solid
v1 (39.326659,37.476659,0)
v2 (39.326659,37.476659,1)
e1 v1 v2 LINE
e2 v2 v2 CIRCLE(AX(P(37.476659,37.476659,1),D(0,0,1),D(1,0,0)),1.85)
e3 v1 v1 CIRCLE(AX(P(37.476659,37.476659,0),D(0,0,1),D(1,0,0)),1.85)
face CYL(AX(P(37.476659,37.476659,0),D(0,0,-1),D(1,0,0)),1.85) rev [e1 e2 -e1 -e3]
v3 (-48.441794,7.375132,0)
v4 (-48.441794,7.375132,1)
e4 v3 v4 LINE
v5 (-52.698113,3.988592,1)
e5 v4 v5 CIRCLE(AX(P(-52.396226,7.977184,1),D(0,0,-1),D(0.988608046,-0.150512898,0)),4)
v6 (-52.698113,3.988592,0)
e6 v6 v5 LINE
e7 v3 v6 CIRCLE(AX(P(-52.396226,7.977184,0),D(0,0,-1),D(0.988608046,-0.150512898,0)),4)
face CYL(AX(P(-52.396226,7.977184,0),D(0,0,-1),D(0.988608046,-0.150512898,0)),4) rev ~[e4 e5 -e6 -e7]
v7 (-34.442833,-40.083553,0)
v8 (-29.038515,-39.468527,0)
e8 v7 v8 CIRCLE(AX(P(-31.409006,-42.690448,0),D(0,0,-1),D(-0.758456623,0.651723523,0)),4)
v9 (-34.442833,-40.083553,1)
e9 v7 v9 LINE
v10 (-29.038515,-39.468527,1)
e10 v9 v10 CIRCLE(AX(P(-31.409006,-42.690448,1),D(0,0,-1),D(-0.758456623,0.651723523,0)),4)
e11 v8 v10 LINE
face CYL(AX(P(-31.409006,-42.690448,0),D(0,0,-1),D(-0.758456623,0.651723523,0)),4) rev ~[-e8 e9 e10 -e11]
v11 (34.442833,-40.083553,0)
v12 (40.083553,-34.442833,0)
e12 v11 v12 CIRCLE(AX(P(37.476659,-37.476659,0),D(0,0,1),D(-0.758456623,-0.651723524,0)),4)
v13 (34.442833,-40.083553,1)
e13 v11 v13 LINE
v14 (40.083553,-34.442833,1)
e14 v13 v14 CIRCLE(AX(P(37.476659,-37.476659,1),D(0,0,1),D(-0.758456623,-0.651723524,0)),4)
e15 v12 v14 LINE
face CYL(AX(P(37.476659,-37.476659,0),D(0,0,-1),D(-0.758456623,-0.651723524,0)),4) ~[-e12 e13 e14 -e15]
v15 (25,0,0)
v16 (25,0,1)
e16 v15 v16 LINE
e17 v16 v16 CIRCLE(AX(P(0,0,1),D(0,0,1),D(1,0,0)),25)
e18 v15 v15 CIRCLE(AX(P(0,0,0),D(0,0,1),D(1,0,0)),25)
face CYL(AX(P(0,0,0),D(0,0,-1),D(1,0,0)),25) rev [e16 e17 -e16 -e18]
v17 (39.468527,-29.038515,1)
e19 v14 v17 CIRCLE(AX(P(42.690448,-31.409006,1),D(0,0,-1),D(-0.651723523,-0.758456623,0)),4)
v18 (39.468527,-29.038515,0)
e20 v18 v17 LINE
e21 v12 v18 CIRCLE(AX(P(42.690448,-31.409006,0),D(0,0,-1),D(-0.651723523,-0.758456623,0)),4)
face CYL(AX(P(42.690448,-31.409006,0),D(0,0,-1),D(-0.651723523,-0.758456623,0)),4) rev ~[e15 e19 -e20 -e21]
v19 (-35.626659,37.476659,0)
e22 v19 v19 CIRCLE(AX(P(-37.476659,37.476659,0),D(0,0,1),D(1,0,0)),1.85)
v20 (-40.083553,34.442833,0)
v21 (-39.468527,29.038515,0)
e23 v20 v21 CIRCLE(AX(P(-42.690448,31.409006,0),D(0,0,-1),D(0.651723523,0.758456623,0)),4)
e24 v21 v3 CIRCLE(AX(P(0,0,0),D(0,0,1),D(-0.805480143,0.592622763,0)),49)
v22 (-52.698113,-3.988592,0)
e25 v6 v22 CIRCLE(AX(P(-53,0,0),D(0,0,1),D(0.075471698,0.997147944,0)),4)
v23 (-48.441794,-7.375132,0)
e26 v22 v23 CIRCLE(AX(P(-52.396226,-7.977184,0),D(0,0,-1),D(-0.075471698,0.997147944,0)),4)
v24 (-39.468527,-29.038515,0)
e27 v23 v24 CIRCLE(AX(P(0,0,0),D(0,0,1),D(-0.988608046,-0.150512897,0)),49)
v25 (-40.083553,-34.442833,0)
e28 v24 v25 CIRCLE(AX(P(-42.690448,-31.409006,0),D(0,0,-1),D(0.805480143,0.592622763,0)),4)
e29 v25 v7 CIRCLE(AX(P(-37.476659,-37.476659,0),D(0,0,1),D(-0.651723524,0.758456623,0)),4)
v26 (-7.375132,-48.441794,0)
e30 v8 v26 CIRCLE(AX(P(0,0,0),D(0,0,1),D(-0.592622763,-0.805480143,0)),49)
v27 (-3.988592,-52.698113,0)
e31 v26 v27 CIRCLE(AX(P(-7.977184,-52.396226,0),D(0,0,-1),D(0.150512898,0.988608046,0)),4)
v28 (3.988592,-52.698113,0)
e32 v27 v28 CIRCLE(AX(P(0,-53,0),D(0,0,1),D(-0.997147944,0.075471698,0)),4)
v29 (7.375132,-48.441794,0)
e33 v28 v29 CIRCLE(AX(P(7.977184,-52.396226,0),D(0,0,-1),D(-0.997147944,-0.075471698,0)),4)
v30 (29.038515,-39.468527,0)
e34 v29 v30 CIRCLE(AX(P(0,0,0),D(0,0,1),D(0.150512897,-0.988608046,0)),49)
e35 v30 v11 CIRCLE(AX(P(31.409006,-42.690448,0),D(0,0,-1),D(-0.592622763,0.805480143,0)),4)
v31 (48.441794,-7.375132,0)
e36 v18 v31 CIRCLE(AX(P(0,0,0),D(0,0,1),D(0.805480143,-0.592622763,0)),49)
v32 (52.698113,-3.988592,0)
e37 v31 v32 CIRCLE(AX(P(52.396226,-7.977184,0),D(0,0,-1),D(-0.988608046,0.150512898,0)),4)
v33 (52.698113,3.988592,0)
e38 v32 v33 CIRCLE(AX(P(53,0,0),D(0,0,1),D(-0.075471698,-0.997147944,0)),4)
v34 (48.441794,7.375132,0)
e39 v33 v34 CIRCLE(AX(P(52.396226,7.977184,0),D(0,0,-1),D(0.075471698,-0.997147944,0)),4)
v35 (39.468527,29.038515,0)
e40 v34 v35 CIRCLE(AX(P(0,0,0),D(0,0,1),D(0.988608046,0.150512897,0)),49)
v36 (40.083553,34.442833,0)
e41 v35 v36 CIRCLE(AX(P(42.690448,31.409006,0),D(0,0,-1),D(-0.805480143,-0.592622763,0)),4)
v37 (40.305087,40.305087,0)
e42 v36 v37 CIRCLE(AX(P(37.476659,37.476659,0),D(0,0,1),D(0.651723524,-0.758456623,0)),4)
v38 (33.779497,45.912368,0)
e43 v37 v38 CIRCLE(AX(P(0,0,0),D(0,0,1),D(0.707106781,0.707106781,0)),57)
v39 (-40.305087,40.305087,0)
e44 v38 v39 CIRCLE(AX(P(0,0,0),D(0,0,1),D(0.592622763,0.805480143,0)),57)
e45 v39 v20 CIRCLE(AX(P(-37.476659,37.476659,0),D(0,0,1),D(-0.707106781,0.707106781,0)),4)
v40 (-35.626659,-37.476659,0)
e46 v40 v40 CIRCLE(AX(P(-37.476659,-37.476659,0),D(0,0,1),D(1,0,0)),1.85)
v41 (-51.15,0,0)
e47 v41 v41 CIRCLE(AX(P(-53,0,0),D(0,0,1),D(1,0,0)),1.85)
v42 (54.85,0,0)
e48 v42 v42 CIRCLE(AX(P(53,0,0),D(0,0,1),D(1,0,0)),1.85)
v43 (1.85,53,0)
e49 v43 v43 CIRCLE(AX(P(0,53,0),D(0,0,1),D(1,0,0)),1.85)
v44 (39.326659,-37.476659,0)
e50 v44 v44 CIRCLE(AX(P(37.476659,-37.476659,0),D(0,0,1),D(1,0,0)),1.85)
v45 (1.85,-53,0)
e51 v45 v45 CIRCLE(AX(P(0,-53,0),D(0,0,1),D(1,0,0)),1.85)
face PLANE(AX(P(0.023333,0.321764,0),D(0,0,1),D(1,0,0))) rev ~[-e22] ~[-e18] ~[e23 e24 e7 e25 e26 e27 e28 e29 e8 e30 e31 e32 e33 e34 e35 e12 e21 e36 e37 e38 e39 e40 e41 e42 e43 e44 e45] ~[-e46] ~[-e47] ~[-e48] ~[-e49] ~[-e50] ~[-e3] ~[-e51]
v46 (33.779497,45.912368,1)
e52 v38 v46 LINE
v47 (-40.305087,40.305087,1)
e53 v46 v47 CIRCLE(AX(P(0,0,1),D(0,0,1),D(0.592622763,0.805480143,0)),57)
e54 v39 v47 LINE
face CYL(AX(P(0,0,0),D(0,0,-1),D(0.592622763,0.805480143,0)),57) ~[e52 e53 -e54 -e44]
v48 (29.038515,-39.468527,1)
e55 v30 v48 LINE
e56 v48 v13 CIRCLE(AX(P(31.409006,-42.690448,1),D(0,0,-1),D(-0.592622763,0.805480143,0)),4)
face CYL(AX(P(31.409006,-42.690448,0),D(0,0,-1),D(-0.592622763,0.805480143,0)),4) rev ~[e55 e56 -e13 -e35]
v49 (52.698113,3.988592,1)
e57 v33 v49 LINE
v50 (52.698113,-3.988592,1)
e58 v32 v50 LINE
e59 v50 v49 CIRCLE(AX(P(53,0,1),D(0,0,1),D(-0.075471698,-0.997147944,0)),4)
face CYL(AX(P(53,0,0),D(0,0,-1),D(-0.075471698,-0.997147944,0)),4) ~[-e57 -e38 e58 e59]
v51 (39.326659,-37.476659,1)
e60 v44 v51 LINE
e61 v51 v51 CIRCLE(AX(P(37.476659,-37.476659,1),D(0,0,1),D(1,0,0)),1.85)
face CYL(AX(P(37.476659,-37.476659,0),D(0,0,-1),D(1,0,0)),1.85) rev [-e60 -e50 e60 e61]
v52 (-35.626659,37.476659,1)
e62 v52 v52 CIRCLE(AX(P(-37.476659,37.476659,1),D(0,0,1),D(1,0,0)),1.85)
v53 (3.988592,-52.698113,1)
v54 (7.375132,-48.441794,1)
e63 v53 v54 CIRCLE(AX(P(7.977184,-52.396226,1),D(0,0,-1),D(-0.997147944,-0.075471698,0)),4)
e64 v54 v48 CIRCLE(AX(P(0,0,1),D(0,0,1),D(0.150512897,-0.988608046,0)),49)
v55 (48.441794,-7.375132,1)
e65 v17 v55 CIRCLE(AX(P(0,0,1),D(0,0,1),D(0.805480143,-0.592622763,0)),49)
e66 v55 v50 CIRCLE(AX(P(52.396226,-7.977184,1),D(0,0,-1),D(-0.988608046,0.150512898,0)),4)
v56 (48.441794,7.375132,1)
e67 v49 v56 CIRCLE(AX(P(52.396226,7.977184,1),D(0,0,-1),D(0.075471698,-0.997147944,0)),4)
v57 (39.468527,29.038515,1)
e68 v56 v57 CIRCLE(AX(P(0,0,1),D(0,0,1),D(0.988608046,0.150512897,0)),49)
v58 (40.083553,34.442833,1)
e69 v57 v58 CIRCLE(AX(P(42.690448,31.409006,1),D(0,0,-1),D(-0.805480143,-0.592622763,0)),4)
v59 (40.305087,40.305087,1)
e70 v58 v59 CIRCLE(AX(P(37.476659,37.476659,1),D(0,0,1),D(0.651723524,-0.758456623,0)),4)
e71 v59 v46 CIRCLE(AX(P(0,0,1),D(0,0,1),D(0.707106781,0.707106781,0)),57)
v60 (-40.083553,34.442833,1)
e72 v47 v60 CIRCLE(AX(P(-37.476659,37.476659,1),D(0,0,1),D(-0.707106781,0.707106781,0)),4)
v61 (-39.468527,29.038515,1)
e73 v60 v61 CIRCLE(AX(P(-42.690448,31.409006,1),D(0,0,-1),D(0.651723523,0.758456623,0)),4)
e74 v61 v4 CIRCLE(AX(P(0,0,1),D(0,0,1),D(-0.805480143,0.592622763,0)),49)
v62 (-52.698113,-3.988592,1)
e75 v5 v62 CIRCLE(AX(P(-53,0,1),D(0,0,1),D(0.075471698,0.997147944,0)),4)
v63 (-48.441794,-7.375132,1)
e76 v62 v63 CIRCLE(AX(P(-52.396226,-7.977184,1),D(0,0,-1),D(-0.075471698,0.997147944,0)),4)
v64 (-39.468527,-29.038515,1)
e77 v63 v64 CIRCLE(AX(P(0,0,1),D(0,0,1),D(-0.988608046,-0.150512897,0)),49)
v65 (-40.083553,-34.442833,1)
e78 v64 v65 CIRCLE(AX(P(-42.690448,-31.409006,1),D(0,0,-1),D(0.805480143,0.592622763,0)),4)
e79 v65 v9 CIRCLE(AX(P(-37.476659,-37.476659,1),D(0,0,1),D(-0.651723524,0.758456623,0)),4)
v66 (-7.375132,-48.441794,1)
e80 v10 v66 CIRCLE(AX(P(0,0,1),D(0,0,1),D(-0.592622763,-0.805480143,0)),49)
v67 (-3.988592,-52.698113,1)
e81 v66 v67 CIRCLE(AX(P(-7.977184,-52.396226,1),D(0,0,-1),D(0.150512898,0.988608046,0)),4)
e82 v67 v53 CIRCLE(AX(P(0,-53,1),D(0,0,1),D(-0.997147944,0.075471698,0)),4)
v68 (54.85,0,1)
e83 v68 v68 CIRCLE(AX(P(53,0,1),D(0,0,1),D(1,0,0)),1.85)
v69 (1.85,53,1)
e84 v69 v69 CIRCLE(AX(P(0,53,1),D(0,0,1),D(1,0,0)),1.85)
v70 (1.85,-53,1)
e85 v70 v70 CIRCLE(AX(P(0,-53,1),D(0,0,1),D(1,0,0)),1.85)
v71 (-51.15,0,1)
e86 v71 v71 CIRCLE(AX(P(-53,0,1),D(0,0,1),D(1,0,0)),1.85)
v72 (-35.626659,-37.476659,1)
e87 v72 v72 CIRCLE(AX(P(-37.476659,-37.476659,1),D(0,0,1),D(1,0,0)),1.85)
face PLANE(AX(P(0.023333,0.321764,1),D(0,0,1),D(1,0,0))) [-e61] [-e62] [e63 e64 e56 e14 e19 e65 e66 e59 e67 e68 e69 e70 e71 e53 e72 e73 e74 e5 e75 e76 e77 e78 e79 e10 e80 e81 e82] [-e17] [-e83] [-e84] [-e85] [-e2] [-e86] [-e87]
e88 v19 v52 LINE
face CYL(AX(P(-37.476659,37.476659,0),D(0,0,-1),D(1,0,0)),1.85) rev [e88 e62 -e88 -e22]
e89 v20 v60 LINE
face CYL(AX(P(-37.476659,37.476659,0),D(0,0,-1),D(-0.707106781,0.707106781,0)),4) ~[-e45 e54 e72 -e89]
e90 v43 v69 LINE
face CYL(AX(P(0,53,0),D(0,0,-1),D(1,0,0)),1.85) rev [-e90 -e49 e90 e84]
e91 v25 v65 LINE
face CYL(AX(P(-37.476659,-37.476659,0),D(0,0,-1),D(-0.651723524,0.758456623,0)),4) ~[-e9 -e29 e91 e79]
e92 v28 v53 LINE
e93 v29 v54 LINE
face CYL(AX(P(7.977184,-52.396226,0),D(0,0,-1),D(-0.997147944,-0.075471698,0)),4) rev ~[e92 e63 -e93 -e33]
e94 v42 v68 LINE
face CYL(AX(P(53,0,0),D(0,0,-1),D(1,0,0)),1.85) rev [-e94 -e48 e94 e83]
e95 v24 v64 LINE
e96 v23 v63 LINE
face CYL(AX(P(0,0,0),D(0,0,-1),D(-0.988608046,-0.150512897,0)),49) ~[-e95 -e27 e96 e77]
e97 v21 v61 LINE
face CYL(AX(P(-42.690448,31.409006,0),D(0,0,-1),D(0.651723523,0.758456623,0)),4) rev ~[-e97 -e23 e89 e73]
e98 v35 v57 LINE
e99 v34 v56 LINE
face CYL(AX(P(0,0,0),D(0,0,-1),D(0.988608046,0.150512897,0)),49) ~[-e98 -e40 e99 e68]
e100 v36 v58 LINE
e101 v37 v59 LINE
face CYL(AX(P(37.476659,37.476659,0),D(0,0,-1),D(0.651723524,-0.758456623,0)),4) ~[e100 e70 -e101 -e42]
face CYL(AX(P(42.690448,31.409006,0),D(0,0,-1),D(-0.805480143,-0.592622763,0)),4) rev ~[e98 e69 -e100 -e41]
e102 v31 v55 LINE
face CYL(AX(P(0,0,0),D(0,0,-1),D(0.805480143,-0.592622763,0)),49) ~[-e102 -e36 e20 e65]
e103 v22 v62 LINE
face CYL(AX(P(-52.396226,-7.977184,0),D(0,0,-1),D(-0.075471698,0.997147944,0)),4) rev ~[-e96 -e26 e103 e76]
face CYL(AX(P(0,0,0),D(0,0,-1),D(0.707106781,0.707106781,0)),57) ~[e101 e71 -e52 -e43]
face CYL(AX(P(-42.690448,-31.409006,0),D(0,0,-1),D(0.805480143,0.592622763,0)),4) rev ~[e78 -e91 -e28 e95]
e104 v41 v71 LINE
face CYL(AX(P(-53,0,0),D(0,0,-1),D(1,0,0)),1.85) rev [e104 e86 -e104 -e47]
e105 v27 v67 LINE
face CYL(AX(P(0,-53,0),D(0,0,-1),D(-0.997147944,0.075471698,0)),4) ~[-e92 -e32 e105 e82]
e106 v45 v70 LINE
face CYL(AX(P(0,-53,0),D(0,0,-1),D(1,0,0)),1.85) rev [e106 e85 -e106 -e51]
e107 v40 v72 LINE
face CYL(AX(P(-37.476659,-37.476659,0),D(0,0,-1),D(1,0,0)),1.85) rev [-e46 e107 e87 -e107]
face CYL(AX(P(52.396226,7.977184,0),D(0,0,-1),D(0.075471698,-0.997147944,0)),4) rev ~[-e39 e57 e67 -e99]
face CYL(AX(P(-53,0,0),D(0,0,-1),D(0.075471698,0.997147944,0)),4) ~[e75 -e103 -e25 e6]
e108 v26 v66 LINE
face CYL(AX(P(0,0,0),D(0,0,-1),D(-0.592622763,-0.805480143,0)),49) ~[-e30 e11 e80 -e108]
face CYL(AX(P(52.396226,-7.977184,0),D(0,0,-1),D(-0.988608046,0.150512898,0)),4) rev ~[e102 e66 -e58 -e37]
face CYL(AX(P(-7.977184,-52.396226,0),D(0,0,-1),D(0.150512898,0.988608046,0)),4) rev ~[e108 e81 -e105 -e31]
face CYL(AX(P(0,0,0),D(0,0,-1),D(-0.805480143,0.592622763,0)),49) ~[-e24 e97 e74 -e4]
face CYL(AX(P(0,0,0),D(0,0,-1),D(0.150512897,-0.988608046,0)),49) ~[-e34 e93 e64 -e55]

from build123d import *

# Parameters (mm, degrees)
NPTH_R              = 1.85
NPTH_R_2            = 25
BOSS_EXTRUDE1_DEPTH = 1


with BuildPart() as part:
    # NPTH → Boss-Extrude1 (new body)
    with BuildSketch(Plane.XY):
        with BuildLine():
            ThreePointArc((33.779497471, 45.912368166), (-4.301886792, 56.837432824), (-40.305086528, 40.305086528))
            ThreePointArc((-40.305086528, 40.305086528), (-41.47380633, 37.325608267), (-40.083553498, 34.442832912))
            ThreePointArc((-40.083553498, 34.442832912), (-38.716100837, 31.861298217), (-39.46852702, 29.03851537))
            ThreePointArc((-39.46852702, 29.03851537), (-45.270097093, 18.751488186), (-48.441794233, 7.375131965))
            ThreePointArc((-48.441794233, 7.375131965), (-49.90575747, 4.847077417), (-52.698113208, 3.988591777))
            ThreePointArc((-52.698113208, 3.988591777), (-57, 0), (-52.698113208, -3.988591777))
            ThreePointArc((-52.698113208, -3.988591777), (-49.90575747, -4.847077417), (-48.441794233, -7.375131965))
            ThreePointArc((-48.441794233, -7.375131965), (-45.270097093, -18.751488186), (-39.46852702, -29.03851537))
            ThreePointArc((-39.46852702, -29.03851537), (-38.716100837, -31.861298217), (-40.083553498, -34.442832912))
            ThreePointArc((-40.083553498, -34.442832912), (-40.305086528, -40.305086528), (-34.442832912, -40.083553498))
            ThreePointArc((-34.442832912, -40.083553498), (-31.861298217, -38.716100837), (-29.03851537, -39.46852702))
            ThreePointArc((-29.03851537, -39.46852702), (-18.751488186, -45.270097093), (-7.375131965, -48.441794233))
            ThreePointArc((-7.375131965, -48.441794233), (-4.847077417, -49.90575747), (-3.988591777, -52.698113208))
            ThreePointArc((-3.988591777, -52.698113208), (0, -57), (3.988591777, -52.698113208))
            ThreePointArc((3.988591777, -52.698113208), (4.847077417, -49.90575747), (7.375131965, -48.441794233))
            ThreePointArc((7.375131965, -48.441794233), (18.751488186, -45.270097093), (29.03851537, -39.46852702))
            ThreePointArc((29.03851537, -39.46852702), (31.861298217, -38.716100837), (34.442832912, -40.083553498))
            ThreePointArc((34.442832912, -40.083553498), (40.305086528, -40.305086528), (40.083553498, -34.442832912))
            ThreePointArc((40.083553498, -34.442832912), (38.716100837, -31.861298217), (39.46852702, -29.03851537))
            ThreePointArc((39.46852702, -29.03851537), (45.270097093, -18.751488186), (48.441794233, -7.375131965))
            ThreePointArc((48.441794233, -7.375131965), (49.90575747, -4.847077417), (52.698113208, -3.988591777))
            ThreePointArc((52.698113208, -3.988591777), (57, 0), (52.698113208, 3.988591777))
            ThreePointArc((52.698113208, 3.988591777), (49.90575747, 4.847077417), (48.441794233, 7.375131965))
            ThreePointArc((48.441794233, 7.375131965), (45.270097093, 18.751488186), (39.46852702, 29.03851537))
            ThreePointArc((39.46852702, 29.03851537), (38.716100837, 31.861298217), (40.083553498, 34.442832912))
            ThreePointArc((40.083553498, 34.442832912), (41.47380633, 37.325608267), (40.305086528, 40.305086528))
            ThreePointArc((40.305086528, 40.305086528), (37.148240852, 43.232027498), (33.779497471, 45.912368166))
        make_face()
        with Locations((-37.476659403, -37.476659403)):
            Circle(NPTH_R, mode=Mode.SUBTRACT)
        with Locations((-53, 0)):
            Circle(NPTH_R, mode=Mode.SUBTRACT)
        with Locations((0, -53)):
            Circle(NPTH_R, mode=Mode.SUBTRACT)
        with Locations((37.476659403, -37.476659403)):
            Circle(NPTH_R, mode=Mode.SUBTRACT)
        Circle(NPTH_R_2, mode=Mode.SUBTRACT)
        with Locations((53, 0)):
            Circle(NPTH_R, mode=Mode.SUBTRACT)
        with Locations((-37.476659403, 37.476659403)):
            Circle(NPTH_R, mode=Mode.SUBTRACT)
        with Locations((0, 53)):
            Circle(NPTH_R, mode=Mode.SUBTRACT)
        with Locations((37.476659403, 37.476659403)):
            Circle(NPTH_R, mode=Mode.SUBTRACT)
    extrude(amount=BOSS_EXTRUDE1_DEPTH)


solid = part.part
